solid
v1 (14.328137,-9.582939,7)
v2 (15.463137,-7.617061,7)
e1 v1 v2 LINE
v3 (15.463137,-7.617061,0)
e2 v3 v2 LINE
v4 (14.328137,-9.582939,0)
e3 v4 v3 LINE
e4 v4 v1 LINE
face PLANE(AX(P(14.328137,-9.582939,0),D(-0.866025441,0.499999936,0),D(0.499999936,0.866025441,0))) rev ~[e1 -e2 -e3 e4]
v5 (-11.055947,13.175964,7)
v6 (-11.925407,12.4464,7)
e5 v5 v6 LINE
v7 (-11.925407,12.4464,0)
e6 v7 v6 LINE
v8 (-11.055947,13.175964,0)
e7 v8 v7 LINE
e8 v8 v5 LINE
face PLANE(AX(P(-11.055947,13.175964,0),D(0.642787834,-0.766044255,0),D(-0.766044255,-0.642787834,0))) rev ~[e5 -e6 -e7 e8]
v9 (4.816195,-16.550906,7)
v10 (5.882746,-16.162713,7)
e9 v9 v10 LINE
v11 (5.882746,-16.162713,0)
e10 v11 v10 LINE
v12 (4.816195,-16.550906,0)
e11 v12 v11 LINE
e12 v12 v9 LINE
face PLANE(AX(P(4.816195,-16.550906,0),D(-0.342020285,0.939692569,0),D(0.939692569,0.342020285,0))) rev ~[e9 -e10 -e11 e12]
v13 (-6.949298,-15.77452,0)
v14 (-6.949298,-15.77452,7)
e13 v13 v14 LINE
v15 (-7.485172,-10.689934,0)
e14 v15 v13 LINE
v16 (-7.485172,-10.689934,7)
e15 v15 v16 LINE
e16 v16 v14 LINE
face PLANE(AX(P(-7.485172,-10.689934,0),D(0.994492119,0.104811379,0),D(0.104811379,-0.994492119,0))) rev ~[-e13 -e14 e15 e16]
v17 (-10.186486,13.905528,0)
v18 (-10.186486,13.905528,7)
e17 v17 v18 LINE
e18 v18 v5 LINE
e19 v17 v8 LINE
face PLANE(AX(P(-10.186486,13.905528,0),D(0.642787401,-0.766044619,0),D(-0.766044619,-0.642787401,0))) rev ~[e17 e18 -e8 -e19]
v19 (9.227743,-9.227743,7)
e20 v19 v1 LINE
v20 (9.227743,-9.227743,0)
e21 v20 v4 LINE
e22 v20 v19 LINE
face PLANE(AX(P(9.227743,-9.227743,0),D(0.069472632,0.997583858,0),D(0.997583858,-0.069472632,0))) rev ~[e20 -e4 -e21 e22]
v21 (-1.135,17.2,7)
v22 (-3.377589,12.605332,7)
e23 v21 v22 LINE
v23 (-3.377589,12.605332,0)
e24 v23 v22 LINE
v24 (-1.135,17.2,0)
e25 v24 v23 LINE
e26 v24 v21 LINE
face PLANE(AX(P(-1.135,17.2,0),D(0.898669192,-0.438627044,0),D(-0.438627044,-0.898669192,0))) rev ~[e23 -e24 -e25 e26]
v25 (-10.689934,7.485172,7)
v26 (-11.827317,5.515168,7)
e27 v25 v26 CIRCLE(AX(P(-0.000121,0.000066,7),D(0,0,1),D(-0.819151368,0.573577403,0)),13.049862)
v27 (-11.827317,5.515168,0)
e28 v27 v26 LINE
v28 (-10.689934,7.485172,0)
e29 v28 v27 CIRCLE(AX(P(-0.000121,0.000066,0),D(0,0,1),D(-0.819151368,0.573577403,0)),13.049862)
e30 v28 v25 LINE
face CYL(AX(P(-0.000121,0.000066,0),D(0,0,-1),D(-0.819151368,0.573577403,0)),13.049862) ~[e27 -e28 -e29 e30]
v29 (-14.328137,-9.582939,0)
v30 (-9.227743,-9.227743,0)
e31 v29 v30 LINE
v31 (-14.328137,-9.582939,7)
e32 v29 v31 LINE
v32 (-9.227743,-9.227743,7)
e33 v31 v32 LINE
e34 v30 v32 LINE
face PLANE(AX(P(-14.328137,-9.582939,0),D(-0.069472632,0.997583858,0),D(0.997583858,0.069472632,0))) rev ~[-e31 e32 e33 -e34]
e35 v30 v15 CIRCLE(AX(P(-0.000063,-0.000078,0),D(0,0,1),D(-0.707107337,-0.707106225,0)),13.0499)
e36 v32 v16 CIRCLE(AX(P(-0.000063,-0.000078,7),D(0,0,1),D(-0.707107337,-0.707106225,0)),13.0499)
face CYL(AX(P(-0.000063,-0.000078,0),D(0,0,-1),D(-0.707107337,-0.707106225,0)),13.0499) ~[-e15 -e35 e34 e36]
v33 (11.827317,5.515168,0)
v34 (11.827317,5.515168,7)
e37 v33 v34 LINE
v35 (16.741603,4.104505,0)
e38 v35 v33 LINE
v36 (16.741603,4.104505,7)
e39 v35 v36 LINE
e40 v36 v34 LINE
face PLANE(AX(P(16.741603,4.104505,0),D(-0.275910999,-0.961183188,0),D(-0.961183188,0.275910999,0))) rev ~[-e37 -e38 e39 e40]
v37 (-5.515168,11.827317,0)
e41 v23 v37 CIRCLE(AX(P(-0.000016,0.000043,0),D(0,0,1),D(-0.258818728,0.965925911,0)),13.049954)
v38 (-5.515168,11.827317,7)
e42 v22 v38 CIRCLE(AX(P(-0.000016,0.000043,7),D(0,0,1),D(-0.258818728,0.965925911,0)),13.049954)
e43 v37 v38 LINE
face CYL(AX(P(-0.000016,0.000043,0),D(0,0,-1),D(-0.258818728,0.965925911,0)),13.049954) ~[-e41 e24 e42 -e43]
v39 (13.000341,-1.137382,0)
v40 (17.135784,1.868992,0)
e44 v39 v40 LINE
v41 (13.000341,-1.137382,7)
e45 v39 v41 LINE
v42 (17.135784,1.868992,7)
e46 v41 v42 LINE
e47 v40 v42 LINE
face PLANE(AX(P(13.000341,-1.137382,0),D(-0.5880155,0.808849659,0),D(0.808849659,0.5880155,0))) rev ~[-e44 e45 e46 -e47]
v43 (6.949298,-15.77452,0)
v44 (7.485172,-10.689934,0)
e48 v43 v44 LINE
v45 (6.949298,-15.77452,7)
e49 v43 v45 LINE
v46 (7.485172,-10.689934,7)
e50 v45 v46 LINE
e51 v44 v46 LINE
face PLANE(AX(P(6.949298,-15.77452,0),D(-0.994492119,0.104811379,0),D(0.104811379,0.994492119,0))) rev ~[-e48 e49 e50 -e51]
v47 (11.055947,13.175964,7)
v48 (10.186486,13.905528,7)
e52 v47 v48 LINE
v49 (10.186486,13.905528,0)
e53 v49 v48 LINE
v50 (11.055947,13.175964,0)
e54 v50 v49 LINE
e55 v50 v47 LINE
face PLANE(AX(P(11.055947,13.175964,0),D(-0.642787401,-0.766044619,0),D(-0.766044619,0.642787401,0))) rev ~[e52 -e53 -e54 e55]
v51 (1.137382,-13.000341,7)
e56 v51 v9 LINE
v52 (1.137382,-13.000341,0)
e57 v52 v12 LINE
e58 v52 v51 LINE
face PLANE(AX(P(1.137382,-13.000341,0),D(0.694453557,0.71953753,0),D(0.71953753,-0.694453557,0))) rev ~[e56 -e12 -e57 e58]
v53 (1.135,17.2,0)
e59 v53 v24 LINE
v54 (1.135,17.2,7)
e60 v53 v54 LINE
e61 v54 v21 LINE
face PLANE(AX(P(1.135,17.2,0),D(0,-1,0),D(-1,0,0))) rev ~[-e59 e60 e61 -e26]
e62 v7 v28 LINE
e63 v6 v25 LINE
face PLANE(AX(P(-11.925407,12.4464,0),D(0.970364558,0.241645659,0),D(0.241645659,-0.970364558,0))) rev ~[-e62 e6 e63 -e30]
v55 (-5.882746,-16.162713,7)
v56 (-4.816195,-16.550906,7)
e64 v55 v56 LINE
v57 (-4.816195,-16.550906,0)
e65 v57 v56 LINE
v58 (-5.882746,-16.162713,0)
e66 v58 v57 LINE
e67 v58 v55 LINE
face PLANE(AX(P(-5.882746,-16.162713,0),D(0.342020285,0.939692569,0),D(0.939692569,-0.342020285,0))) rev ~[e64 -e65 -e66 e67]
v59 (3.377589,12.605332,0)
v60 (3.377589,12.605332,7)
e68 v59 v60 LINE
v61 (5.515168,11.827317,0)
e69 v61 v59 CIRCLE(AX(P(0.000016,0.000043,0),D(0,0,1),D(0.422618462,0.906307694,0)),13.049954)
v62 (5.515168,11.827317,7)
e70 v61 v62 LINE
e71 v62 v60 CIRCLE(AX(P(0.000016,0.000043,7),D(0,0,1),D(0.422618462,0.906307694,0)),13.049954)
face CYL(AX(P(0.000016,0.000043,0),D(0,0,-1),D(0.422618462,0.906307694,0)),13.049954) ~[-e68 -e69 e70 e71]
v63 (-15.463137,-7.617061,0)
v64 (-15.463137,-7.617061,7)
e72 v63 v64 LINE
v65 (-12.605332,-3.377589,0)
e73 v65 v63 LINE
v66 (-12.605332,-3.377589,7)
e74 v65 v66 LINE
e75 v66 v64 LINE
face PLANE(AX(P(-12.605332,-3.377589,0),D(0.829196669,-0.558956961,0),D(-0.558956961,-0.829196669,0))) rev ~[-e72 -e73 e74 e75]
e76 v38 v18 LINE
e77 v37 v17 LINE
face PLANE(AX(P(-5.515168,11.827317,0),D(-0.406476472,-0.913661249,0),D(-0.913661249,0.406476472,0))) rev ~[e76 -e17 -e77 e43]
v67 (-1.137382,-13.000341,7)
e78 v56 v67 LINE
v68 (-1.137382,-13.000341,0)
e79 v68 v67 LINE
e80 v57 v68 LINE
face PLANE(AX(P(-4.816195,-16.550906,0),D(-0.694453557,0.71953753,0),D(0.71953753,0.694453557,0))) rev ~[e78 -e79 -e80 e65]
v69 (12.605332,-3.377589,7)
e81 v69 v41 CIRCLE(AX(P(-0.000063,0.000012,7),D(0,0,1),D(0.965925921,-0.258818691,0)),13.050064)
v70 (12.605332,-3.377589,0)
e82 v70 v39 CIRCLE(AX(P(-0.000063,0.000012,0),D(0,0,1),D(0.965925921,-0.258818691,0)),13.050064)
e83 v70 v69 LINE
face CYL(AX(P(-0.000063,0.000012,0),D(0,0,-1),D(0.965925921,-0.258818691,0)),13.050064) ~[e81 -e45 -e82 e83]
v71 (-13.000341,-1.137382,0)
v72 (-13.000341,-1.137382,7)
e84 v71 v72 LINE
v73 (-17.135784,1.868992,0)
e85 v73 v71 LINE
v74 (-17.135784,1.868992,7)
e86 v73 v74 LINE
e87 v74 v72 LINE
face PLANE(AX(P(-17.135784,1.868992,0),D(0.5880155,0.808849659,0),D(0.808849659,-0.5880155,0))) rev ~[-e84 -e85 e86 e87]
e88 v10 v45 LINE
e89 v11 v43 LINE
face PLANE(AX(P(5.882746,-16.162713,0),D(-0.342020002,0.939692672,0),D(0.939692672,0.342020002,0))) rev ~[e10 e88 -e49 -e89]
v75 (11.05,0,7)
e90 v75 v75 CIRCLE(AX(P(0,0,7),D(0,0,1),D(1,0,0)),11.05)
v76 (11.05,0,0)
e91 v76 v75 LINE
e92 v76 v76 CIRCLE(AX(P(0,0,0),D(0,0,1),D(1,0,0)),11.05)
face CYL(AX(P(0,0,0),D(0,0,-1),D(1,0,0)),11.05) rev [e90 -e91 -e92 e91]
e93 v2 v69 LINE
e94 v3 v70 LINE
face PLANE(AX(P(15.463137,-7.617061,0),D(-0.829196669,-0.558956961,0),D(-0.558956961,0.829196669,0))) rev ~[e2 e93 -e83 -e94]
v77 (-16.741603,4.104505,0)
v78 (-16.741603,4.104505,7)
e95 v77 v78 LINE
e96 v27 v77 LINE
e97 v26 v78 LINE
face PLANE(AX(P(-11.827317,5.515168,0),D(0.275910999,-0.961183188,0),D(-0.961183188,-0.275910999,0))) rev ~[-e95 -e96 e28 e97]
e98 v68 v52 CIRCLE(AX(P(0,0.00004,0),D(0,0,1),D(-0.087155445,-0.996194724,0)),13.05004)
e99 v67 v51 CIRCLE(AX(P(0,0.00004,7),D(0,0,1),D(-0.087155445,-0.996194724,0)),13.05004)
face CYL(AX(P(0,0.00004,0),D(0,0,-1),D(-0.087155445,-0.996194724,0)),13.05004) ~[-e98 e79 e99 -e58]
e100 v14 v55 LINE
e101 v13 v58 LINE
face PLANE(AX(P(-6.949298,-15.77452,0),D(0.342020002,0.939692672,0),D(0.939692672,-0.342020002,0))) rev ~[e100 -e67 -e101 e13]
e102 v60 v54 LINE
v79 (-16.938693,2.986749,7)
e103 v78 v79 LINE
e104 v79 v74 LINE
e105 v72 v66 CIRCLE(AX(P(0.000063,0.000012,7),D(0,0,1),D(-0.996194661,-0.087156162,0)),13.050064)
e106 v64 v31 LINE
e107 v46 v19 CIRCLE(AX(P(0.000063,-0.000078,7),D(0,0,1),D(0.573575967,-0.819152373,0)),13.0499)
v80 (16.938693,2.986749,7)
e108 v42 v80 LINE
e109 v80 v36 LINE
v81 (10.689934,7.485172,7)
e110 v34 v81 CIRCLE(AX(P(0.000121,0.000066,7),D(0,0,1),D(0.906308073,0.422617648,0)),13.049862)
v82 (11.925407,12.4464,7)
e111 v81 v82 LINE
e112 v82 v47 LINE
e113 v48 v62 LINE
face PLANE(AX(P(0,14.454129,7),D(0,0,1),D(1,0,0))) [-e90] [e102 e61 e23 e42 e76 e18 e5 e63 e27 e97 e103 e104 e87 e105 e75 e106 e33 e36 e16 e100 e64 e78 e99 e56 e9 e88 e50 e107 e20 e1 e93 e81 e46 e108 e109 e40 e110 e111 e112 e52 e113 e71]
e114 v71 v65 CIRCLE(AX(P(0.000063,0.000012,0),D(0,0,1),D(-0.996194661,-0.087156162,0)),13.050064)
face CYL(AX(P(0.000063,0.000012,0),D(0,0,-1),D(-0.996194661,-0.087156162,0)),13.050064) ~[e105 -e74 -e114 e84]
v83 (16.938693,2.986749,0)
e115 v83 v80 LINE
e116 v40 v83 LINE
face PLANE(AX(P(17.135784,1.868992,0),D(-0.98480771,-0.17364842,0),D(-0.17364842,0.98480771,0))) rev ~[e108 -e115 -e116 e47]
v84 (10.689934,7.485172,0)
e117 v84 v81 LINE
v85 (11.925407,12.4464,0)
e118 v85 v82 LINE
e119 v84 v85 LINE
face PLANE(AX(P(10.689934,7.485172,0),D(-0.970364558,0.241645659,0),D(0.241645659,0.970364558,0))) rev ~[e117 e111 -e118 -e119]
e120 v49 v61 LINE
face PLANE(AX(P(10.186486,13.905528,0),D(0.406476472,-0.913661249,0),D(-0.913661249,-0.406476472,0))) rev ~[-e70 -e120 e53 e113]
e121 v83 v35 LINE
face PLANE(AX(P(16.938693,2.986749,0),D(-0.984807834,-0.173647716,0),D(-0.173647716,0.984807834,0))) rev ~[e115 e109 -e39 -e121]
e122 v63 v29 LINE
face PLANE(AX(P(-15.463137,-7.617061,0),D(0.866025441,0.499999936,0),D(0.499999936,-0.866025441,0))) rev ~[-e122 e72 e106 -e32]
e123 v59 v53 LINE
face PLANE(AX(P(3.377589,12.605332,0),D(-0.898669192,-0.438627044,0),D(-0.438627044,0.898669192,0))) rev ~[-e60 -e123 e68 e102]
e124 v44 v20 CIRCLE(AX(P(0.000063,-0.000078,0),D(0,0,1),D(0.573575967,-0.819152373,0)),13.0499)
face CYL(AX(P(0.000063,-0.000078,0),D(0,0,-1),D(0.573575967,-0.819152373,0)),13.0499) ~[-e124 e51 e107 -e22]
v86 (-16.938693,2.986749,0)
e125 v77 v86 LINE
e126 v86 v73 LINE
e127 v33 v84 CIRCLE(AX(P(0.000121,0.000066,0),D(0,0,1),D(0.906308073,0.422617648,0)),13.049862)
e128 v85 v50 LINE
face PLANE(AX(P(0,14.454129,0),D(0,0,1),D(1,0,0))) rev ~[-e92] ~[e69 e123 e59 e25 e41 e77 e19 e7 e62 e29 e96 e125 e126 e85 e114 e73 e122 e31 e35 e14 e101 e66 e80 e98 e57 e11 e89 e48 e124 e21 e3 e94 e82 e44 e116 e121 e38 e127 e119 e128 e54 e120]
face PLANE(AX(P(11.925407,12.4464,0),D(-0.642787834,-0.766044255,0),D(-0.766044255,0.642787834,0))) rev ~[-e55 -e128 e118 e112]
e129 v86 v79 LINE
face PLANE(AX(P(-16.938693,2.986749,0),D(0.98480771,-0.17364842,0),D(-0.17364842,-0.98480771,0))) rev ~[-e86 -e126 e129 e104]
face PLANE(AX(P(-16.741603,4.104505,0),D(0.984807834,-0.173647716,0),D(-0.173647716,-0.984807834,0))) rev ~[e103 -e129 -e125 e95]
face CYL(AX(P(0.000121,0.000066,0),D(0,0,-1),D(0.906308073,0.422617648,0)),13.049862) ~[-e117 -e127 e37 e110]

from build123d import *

# Parameters (mm, degrees)
F0_R     = 11.05
F1_DEPTH = 7


with BuildPart() as f1:
    # F0 (on Top) → F1 (new body)
    with BuildSketch(Plane.XY):
        with BuildLine():
            ThreePointArc((-3.377589, 12.605332), (0, 13.05), (3.377589, 12.605332))
            Line((3.377589, 12.605332), (1.135, 17.2))
            Line((1.135, 17.2), (0, 17.2))
            Line((0, 17.2), (-1.135, 17.2))
            Line((-1.135, 17.2), (-3.377589, 12.605332))
        make_face()
        with BuildLine():
            ThreePointArc((13.000341, -1.137382), (13.037579, -0.569233), (13.05, 0))
            ThreePointArc((13.05, 0), (12.740663, 2.824537), (11.827317, 5.515168))
            ThreePointArc((11.827317, 5.515168), (11.301632, 6.525), (10.689934, 7.485172))
            ThreePointArc((10.689934, 7.485172), (8.388378, 9.99688), (5.515168, 11.827317))
            ThreePointArc((5.515168, 11.827317), (4.463363, 12.262989), (3.377589, 12.605332))
            ThreePointArc((3.377589, 12.605332), (0, 13.05), (-3.377589, 12.605332))
            ThreePointArc((-3.377589, 12.605332), (-4.463363, 12.262989), (-5.515168, 11.827317))
            ThreePointArc((-5.515168, 11.827317), (-8.388378, 9.99688), (-10.689934, 7.485172))
            ThreePointArc((-10.689934, 7.485172), (-11.301632, 6.525), (-11.827317, 5.515168))
            ThreePointArc((-11.827317, 5.515168), (-12.851741, 2.266109), (-13.000341, -1.137382))
            ThreePointArc((-13.000341, -1.137382), (-12.851741, -2.266109), (-12.605332, -3.377589))
            ThreePointArc((-12.605332, -3.377589), (-11.301632, -6.525), (-9.227743, -9.227743))
            ThreePointArc((-9.227743, -9.227743), (-8.388378, -9.99688), (-7.485172, -10.689934))
            ThreePointArc((-7.485172, -10.689934), (-4.463363, -12.262989), (-1.137382, -13.000341))
            ThreePointArc((-1.137382, -13.000341), (0, -13.05), (1.137382, -13.000341))
            ThreePointArc((1.137382, -13.000341), (4.463363, -12.262989), (7.485172, -10.689934))
            ThreePointArc((7.485172, -10.689934), (8.388378, -9.99688), (9.227743, -9.227743))
            ThreePointArc((9.227743, -9.227743), (11.301632, -6.525), (12.605332, -3.377589))
            ThreePointArc((12.605332, -3.377589), (12.851741, -2.266109), (13.000341, -1.137382))
        make_face()
        Circle(F0_R, mode=Mode.SUBTRACT)
        with BuildLine():
            ThreePointArc((5.515168, 11.827317), (8.388378, 9.99688), (10.689934, 7.485172))
            Line((10.689934, 7.485172), (11.925407, 12.4464))
            Line((11.925407, 12.4464), (11.055947, 13.175964))
            Line((11.055947, 13.175964), (10.186486, 13.905528))
            Line((10.186486, 13.905528), (5.515168, 11.827317))
        make_face()
        with BuildLine():
            ThreePointArc((11.827317, 5.515168), (12.740663, 2.824537), (13.05, 0))
            ThreePointArc((13.05, 0), (13.037579, -0.569233), (13.000341, -1.137382))
            Line((13.000341, -1.137382), (17.135784, 1.868992))
            Line((17.135784, 1.868992), (16.938693, 2.986749))
            Line((16.938693, 2.986749), (16.741603, 4.104505))
            Line((16.741603, 4.104505), (11.827317, 5.515168))
        make_face()
        with BuildLine():
            Line((15.463137, -7.617061), (12.605332, -3.377589))
            ThreePointArc((12.605332, -3.377589), (11.301632, -6.525), (9.227743, -9.227743))
            Line((9.227743, -9.227743), (14.328137, -9.582939))
            Line((14.328137, -9.582939), (14.895637, -8.6))
            Line((14.895637, -8.6), (15.463137, -7.617061))
        make_face()
        with BuildLine():
            Line((6.949298, -15.77452), (7.485172, -10.689934))
            ThreePointArc((7.485172, -10.689934), (4.463363, -12.262989), (1.137382, -13.000341))
            Line((1.137382, -13.000341), (4.816195, -16.550906))
            Line((4.816195, -16.550906), (5.882746, -16.162713))
            Line((5.882746, -16.162713), (6.949298, -15.77452))
        make_face()
        with BuildLine():
            Line((-4.816195, -16.550906), (-1.137382, -13.000341))
            ThreePointArc((-1.137382, -13.000341), (-4.463363, -12.262989), (-7.485172, -10.689934))
            Line((-7.485172, -10.689934), (-6.949298, -15.77452))
            Line((-6.949298, -15.77452), (-5.882746, -16.162713))
            Line((-5.882746, -16.162713), (-4.816195, -16.550906))
        make_face()
        with BuildLine():
            Line((-14.328137, -9.582939), (-9.227743, -9.227743))
            ThreePointArc((-9.227743, -9.227743), (-11.301632, -6.525), (-12.605332, -3.377589))
            Line((-12.605332, -3.377589), (-15.463137, -7.617061))
            Line((-15.463137, -7.617061), (-14.895637, -8.6))
            Line((-14.895637, -8.6), (-14.328137, -9.582939))
        make_face()
        with BuildLine():
            ThreePointArc((-13.000341, -1.137382), (-12.851741, 2.266109), (-11.827317, 5.515168))
            Line((-11.827317, 5.515168), (-16.741603, 4.104505))
            Line((-16.741603, 4.104505), (-16.938693, 2.986749))
            Line((-16.938693, 2.986749), (-17.135784, 1.868992))
            Line((-17.135784, 1.868992), (-13.000341, -1.137382))
        make_face()
        with BuildLine():
            ThreePointArc((-10.689934, 7.485172), (-8.388378, 9.99688), (-5.515168, 11.827317))
            Line((-5.515168, 11.827317), (-10.186486, 13.905528))
            Line((-10.186486, 13.905528), (-11.055947, 13.175964))
            Line((-11.055947, 13.175964), (-11.925407, 12.4464))
            Line((-11.925407, 12.4464), (-10.689934, 7.485172))
        make_face()
    extrude(amount=F1_DEPTH)


solid = f1.part
